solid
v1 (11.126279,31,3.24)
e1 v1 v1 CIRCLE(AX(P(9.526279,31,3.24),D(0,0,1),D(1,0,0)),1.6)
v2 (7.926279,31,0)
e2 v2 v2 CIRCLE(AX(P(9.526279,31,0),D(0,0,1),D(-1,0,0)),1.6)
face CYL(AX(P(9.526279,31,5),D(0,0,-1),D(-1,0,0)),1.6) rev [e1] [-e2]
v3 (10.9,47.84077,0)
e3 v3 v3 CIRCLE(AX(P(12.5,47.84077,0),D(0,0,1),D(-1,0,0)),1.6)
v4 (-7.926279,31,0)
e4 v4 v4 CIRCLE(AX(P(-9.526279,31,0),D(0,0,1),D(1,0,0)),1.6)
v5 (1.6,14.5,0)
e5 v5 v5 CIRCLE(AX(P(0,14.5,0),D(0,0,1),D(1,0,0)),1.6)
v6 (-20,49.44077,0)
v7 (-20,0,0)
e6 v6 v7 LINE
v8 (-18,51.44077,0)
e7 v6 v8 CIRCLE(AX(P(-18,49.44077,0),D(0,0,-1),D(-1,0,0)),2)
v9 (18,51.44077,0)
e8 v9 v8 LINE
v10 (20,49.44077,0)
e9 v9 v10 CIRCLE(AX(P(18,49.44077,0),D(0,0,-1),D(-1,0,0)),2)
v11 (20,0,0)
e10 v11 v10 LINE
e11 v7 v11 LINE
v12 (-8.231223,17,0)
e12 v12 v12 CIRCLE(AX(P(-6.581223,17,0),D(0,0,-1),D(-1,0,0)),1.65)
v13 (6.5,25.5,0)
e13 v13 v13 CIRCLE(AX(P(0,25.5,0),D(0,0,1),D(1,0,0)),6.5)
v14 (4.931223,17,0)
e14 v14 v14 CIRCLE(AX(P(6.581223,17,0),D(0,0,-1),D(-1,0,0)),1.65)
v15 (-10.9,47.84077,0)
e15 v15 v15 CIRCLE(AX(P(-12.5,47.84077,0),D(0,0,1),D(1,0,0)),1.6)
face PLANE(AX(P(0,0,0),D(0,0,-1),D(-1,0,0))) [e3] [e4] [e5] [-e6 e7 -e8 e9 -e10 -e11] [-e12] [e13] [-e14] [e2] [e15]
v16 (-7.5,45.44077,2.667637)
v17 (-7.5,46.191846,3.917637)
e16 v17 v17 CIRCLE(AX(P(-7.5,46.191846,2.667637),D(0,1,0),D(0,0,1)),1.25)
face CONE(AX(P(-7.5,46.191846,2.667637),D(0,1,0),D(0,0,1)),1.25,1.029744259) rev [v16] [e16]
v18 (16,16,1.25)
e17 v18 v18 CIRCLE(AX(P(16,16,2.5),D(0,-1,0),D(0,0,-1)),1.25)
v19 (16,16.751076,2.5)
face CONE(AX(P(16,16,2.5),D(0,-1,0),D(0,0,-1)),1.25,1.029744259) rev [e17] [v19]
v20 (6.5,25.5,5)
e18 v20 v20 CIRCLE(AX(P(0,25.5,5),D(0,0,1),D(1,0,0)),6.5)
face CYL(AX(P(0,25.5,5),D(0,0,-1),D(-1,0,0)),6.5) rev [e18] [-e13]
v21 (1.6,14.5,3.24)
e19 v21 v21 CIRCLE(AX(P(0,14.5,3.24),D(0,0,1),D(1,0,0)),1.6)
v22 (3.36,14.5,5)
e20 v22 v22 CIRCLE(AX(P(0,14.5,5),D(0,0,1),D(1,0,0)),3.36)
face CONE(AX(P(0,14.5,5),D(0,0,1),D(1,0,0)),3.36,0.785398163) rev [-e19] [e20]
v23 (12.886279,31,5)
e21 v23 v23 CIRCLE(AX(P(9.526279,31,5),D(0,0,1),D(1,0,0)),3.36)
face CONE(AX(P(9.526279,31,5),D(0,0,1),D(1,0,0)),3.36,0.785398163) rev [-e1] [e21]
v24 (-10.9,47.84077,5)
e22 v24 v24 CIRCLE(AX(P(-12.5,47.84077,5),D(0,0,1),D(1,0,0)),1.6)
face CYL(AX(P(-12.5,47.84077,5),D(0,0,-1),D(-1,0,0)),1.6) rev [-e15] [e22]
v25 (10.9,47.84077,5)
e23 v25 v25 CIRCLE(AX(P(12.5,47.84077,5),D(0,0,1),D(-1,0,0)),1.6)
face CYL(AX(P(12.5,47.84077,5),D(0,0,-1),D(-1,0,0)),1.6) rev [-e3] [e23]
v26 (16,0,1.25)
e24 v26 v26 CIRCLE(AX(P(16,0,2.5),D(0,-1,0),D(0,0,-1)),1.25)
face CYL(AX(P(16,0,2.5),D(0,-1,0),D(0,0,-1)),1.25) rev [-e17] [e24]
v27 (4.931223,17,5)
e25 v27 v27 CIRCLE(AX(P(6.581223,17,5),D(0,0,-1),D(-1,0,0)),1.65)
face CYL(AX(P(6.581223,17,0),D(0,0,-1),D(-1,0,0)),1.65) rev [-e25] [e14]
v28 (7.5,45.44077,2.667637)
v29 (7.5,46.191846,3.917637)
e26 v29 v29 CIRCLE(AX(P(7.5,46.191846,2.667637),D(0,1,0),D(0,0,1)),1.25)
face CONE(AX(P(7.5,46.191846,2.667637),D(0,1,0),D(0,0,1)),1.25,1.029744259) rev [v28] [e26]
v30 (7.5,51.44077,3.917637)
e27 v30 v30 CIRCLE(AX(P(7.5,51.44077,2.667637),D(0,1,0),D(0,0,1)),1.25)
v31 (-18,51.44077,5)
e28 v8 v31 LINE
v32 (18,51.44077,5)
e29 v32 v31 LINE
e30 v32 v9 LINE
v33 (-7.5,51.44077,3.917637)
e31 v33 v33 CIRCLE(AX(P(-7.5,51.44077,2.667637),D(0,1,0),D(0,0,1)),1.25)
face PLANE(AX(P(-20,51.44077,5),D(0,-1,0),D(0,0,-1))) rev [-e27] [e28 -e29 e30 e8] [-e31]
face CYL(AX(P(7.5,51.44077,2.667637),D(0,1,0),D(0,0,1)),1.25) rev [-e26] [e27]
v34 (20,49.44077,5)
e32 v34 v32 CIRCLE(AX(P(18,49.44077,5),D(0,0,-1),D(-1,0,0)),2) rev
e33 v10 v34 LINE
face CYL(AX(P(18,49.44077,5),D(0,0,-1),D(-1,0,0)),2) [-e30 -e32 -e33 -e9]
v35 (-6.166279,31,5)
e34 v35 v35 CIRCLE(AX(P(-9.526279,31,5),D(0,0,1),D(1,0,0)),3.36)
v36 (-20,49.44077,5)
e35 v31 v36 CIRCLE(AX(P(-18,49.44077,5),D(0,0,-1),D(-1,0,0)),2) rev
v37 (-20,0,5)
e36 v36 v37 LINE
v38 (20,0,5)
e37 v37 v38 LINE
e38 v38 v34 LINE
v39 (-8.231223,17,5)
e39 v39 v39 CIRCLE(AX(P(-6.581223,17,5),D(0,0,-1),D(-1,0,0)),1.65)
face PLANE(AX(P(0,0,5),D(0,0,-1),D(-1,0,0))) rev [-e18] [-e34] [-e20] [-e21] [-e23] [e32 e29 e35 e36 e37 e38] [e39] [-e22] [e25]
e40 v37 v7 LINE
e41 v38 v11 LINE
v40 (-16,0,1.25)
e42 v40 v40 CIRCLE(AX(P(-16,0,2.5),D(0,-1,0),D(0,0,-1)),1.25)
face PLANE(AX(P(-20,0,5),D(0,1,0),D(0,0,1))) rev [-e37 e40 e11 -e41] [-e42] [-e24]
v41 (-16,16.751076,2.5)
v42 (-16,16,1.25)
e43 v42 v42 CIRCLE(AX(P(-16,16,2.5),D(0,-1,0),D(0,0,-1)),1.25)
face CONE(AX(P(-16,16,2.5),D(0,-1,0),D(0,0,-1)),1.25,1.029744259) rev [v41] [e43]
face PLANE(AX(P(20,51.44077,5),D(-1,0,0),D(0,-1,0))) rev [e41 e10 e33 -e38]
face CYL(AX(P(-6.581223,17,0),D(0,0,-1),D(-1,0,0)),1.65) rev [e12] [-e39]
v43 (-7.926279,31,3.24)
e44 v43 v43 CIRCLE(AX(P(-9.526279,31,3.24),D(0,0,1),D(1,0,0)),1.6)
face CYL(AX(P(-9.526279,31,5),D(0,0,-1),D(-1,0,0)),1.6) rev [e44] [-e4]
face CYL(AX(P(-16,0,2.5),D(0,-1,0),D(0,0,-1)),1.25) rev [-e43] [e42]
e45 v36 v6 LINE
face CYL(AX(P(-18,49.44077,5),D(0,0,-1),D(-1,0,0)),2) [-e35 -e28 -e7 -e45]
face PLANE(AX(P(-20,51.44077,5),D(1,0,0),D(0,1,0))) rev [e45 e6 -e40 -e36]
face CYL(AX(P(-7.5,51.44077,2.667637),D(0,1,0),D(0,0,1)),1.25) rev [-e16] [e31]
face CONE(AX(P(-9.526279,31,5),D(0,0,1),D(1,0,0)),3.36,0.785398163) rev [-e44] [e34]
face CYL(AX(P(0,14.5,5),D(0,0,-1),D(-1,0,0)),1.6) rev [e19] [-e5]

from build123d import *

# Parameters (mm, degrees)
SKETCH1_W                     = 40
SKETCH1_H                     = 51.440769906
SKETCH1_R                     = 6.5
SKETCH1_R_2                   = 1.6
BOSS_EXTRUDE1_DEPTH           = 5
M4X0_7_TAPPED_HOLE1_D         = 3.3
CSK_FOR_M3_SFHCS1_D           = 3.2
CSK_FOR_M3_SFHCS1_CSINK_D     = 6.72
CSK_FOR_M3_SFHCS1_CSINK_ANGLE = 90
FILLET1_R                     = 2
M3X0_5_TAPPED_HOLE1_D         = 2.5
M3X0_5_TAPPED_HOLE1_DEPTH     = 16
M3X0_5_TAPPED_HOLE1_TIP       = 0.751075774
LPATTERN1_COUNT               = 2
LPATTERN1_PITCH               = 15


with BuildPart() as part:
    # Sketch1 → Boss-Extrude1 (new body)
    with BuildSketch(Plane.XY):
        with Locations((0, 25.720384953)):
            Rectangle(SKETCH1_W, SKETCH1_H)
        with Locations((0, 25.5)):
            Circle(SKETCH1_R, mode=Mode.SUBTRACT)
        with Locations((0, 14.5)):
            Circle(SKETCH1_R_2, mode=Mode.SUBTRACT)
        with Locations((-9.526279442, 31)):
            Circle(SKETCH1_R_2, mode=Mode.SUBTRACT)
        with Locations((9.526279442, 31)):
            Circle(SKETCH1_R_2, mode=Mode.SUBTRACT)
        with Locations((-12.5, 47.840769906)):
            Circle(SKETCH1_R_2, mode=Mode.SUBTRACT)
        with Locations((12.5, 47.840769906)):
            Circle(SKETCH1_R_2, mode=Mode.SUBTRACT)
    extrude(amount=BOSS_EXTRUDE1_DEPTH)

    # M4x0.7 Tapped Hole1 (through all)
    with Locations(Plane(origin=(0, 0, 0), x_dir=(-1, 0, 0), z_dir=(0, 0, -1))):
        with Locations((-6.581223291, 17), (6.581223291, 17)):
            Hole(M4X0_7_TAPPED_HOLE1_D / 2)

    # CSK for M3 SFHCS1 (through all)
    with Locations(Plane.XY.offset(5)):
        with Locations((-9.526279442, 31), (9.526279442, 31), (0, 14.5)):
            CounterSinkHole(CSK_FOR_M3_SFHCS1_D / 2, CSK_FOR_M3_SFHCS1_CSINK_D / 2, counter_sink_angle=CSK_FOR_M3_SFHCS1_CSINK_ANGLE)

    # Fillet1
    fillet1_edges = [part.edges().sort_by_distance(p)[0] for p in [
        (-20, 51.440769906, 2.5),
        (20, 51.440769906, 2.5),
    ]]
    fillet(fillet1_edges, radius=FILLET1_R)

    # M3x0.5 Tapped Hole1
    with Locations(Plane.XZ):
        with Locations((-16, 2.5), (16, 2.5)):
            Hole(M3X0_5_TAPPED_HOLE1_D / 2, depth=M3X0_5_TAPPED_HOLE1_DEPTH)
            with Locations((0, 0, -(M3X0_5_TAPPED_HOLE1_DEPTH + M3X0_5_TAPPED_HOLE1_TIP / 2))):  # 118° drill point
                Cone(0, M3X0_5_TAPPED_HOLE1_D / 2, M3X0_5_TAPPED_HOLE1_TIP, mode=Mode.SUBTRACT)

    # Sketch34 → M3 Tapped Hole1 (revolve, cut)
    with BuildSketch(Plane(origin=(7.5, 51.440769906, 2.667636596), x_dir=(0, 0, 1), z_dir=(1, 0, 0))):
        Polygon((0, 0), (0, 6), (1.25, 5.248924226), (1.25, 0), align=None)
    m3_tapped_hole1 = revolve(axis=Axis((7.5, 57.790769906, 2.667636596), (0, -1, 0)), mode=Mode.SUBTRACT)

    # LPattern1: M3 Tapped Hole1 ×2
    with Locations(*[(-i * LPATTERN1_PITCH, 0, 0) for i in range(1, LPATTERN1_COUNT)]):
        add(m3_tapped_hole1, mode=Mode.SUBTRACT)


solid = part.part
